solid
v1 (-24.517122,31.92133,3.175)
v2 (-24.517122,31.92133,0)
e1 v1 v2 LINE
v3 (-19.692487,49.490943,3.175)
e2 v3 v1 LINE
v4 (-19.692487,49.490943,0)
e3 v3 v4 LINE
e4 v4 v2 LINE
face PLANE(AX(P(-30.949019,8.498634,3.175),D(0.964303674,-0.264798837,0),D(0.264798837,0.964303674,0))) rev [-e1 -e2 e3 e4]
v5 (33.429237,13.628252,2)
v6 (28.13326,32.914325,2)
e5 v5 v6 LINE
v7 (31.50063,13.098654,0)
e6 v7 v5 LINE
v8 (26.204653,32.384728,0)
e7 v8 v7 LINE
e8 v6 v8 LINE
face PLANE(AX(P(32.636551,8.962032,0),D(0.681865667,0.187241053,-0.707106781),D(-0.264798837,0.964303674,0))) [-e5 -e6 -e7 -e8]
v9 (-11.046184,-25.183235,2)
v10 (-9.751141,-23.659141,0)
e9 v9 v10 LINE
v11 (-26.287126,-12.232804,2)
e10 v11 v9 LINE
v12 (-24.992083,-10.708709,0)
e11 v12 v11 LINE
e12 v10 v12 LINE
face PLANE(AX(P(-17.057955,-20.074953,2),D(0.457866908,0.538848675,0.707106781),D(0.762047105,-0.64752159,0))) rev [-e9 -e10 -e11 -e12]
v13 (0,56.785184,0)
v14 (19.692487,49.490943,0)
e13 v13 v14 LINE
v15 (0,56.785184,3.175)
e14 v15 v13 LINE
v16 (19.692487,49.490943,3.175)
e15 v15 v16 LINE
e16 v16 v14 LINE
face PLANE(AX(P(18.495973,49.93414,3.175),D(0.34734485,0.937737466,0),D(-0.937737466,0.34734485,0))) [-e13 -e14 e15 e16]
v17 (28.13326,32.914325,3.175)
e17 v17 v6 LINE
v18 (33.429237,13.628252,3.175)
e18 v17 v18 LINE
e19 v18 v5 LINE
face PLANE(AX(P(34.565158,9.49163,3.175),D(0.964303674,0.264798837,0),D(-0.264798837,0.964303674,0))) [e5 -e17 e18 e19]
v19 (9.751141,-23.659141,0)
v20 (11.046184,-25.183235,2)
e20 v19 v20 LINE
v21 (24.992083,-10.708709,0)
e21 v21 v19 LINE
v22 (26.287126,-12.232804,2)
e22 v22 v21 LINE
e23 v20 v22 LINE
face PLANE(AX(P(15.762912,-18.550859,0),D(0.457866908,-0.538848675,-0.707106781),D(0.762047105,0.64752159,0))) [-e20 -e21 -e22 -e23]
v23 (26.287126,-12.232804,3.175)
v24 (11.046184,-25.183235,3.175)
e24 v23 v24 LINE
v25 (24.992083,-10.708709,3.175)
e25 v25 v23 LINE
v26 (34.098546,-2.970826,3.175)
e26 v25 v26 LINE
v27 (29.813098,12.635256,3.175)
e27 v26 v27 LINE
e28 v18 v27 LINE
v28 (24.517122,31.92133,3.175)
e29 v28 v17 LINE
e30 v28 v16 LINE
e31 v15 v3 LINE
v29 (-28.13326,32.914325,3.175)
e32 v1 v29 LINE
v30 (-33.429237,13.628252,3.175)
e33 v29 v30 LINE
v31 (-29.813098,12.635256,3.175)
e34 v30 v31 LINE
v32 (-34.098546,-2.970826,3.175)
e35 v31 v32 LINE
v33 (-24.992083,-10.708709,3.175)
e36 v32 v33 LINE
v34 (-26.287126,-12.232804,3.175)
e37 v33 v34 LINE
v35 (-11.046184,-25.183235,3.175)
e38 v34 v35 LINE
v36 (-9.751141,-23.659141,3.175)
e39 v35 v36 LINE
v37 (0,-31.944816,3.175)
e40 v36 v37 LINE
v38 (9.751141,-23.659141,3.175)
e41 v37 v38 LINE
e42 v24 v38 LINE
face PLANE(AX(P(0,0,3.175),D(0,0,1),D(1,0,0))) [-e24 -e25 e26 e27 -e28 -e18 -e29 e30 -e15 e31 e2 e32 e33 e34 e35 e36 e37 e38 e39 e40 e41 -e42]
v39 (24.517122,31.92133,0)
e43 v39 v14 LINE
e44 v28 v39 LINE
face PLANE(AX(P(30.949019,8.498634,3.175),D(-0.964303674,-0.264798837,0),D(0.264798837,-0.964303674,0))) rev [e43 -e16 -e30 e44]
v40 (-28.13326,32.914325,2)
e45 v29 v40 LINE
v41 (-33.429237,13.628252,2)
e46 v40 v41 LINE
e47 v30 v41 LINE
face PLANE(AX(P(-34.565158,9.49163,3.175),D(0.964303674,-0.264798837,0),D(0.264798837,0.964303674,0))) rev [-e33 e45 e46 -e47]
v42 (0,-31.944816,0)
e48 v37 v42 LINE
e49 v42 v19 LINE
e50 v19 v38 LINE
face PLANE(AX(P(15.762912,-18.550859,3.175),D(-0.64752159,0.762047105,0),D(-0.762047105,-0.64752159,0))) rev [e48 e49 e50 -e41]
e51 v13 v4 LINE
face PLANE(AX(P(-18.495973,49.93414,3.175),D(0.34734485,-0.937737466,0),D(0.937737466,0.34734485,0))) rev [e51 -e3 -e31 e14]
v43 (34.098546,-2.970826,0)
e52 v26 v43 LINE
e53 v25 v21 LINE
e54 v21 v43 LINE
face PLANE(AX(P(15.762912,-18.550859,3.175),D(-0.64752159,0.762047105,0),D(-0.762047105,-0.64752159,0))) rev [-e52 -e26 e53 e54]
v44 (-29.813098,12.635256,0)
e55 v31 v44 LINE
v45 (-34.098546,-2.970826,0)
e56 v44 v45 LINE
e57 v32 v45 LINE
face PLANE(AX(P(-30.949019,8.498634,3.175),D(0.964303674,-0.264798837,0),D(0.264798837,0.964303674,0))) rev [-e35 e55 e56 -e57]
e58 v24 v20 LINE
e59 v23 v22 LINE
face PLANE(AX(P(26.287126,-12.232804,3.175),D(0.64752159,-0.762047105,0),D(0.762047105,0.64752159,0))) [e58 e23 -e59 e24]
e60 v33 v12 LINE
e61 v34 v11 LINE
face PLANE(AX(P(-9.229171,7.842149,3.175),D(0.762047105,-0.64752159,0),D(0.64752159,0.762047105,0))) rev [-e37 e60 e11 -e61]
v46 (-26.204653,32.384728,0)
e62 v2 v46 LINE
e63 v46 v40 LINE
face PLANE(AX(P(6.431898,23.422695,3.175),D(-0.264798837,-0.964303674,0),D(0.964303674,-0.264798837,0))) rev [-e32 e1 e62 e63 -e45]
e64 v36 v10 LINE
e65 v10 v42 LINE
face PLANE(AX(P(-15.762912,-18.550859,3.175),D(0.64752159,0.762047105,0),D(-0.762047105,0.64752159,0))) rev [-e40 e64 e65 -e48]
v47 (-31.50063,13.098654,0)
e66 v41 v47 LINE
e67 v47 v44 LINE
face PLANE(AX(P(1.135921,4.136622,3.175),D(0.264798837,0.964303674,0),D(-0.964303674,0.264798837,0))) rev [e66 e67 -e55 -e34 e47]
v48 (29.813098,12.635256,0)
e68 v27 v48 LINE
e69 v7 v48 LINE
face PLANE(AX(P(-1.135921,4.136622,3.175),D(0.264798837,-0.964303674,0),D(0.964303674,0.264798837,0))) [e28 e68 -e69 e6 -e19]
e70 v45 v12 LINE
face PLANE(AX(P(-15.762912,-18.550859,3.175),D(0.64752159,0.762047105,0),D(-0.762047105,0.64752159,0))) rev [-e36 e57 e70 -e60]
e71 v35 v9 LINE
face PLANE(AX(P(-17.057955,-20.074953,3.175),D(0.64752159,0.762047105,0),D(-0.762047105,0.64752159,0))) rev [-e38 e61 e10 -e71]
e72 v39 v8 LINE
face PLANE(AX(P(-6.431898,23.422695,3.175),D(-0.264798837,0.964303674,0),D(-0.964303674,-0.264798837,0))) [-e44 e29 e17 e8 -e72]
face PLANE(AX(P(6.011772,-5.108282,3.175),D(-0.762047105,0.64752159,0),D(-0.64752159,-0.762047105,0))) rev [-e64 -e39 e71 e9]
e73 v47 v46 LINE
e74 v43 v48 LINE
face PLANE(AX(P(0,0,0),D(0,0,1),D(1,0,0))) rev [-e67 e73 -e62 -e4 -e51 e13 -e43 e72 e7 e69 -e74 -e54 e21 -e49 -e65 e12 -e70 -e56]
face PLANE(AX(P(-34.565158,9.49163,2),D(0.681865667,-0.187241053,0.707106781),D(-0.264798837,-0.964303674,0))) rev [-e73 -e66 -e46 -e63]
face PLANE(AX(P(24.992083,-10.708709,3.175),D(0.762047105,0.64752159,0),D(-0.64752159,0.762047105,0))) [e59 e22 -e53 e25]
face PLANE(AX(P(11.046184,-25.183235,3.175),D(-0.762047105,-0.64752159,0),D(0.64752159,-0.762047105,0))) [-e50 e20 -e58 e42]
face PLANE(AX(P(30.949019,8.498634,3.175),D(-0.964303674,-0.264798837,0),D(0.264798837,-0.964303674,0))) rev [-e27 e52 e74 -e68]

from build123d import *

# Parameters (mm, degrees)
BOSS_EXTRUDE1_DEPTH = 3.175
CHAMFER1_SIZE       = 2


with BuildPart() as part:
    # Sketch1 → Boss-Extrude1 (new body)
    with BuildSketch(Plane.XY):
        Polygon((-29.813098334, 12.635256228), (-24.517121596, 31.921329711), (-28.133260375, 32.914325349), (-33.429237113, 13.628251866), align=None)
        Polygon((0, 56.785184499), (0, -31.944815501), (-34.098545596, -2.970826443), (-19.692486788, 49.490942654), align=None)
        Polygon((0, 56.785184499), (19.692486788, 49.490942654), (34.098545596, -2.970826443), (0, -31.944815501), align=None)
        Polygon((28.133260375, 32.914325349), (24.517121596, 31.921329711), (29.813098334, 12.635256228), (33.429237113, 13.628251866), align=None)
        Polygon((-11.046183779, -25.183235467), (-9.751140598, -23.659141257), (-24.992082694, -10.708709448), (-26.287125875, -12.232803658), align=None)
        Polygon((26.287125875, -12.232803658), (11.046183779, -25.183235467), (9.751140598, -23.659141257), (24.992082694, -10.708709448), align=None)
    extrude(amount=BOSS_EXTRUDE1_DEPTH)

    # Chamfer1
    chamfer1_edges = [part.edges().sort_by_distance(p)[0] for p in [
        (18.666654827, -18.708019562, 0),
        (-18.666654827, -18.708019562, 0),
        (-30.781248744, 23.271288608, 0),
        (30.781248744, 23.271288608, 0),
    ]]
    chamfer(chamfer1_edges, length=CHAMFER1_SIZE)


solid = part.part
